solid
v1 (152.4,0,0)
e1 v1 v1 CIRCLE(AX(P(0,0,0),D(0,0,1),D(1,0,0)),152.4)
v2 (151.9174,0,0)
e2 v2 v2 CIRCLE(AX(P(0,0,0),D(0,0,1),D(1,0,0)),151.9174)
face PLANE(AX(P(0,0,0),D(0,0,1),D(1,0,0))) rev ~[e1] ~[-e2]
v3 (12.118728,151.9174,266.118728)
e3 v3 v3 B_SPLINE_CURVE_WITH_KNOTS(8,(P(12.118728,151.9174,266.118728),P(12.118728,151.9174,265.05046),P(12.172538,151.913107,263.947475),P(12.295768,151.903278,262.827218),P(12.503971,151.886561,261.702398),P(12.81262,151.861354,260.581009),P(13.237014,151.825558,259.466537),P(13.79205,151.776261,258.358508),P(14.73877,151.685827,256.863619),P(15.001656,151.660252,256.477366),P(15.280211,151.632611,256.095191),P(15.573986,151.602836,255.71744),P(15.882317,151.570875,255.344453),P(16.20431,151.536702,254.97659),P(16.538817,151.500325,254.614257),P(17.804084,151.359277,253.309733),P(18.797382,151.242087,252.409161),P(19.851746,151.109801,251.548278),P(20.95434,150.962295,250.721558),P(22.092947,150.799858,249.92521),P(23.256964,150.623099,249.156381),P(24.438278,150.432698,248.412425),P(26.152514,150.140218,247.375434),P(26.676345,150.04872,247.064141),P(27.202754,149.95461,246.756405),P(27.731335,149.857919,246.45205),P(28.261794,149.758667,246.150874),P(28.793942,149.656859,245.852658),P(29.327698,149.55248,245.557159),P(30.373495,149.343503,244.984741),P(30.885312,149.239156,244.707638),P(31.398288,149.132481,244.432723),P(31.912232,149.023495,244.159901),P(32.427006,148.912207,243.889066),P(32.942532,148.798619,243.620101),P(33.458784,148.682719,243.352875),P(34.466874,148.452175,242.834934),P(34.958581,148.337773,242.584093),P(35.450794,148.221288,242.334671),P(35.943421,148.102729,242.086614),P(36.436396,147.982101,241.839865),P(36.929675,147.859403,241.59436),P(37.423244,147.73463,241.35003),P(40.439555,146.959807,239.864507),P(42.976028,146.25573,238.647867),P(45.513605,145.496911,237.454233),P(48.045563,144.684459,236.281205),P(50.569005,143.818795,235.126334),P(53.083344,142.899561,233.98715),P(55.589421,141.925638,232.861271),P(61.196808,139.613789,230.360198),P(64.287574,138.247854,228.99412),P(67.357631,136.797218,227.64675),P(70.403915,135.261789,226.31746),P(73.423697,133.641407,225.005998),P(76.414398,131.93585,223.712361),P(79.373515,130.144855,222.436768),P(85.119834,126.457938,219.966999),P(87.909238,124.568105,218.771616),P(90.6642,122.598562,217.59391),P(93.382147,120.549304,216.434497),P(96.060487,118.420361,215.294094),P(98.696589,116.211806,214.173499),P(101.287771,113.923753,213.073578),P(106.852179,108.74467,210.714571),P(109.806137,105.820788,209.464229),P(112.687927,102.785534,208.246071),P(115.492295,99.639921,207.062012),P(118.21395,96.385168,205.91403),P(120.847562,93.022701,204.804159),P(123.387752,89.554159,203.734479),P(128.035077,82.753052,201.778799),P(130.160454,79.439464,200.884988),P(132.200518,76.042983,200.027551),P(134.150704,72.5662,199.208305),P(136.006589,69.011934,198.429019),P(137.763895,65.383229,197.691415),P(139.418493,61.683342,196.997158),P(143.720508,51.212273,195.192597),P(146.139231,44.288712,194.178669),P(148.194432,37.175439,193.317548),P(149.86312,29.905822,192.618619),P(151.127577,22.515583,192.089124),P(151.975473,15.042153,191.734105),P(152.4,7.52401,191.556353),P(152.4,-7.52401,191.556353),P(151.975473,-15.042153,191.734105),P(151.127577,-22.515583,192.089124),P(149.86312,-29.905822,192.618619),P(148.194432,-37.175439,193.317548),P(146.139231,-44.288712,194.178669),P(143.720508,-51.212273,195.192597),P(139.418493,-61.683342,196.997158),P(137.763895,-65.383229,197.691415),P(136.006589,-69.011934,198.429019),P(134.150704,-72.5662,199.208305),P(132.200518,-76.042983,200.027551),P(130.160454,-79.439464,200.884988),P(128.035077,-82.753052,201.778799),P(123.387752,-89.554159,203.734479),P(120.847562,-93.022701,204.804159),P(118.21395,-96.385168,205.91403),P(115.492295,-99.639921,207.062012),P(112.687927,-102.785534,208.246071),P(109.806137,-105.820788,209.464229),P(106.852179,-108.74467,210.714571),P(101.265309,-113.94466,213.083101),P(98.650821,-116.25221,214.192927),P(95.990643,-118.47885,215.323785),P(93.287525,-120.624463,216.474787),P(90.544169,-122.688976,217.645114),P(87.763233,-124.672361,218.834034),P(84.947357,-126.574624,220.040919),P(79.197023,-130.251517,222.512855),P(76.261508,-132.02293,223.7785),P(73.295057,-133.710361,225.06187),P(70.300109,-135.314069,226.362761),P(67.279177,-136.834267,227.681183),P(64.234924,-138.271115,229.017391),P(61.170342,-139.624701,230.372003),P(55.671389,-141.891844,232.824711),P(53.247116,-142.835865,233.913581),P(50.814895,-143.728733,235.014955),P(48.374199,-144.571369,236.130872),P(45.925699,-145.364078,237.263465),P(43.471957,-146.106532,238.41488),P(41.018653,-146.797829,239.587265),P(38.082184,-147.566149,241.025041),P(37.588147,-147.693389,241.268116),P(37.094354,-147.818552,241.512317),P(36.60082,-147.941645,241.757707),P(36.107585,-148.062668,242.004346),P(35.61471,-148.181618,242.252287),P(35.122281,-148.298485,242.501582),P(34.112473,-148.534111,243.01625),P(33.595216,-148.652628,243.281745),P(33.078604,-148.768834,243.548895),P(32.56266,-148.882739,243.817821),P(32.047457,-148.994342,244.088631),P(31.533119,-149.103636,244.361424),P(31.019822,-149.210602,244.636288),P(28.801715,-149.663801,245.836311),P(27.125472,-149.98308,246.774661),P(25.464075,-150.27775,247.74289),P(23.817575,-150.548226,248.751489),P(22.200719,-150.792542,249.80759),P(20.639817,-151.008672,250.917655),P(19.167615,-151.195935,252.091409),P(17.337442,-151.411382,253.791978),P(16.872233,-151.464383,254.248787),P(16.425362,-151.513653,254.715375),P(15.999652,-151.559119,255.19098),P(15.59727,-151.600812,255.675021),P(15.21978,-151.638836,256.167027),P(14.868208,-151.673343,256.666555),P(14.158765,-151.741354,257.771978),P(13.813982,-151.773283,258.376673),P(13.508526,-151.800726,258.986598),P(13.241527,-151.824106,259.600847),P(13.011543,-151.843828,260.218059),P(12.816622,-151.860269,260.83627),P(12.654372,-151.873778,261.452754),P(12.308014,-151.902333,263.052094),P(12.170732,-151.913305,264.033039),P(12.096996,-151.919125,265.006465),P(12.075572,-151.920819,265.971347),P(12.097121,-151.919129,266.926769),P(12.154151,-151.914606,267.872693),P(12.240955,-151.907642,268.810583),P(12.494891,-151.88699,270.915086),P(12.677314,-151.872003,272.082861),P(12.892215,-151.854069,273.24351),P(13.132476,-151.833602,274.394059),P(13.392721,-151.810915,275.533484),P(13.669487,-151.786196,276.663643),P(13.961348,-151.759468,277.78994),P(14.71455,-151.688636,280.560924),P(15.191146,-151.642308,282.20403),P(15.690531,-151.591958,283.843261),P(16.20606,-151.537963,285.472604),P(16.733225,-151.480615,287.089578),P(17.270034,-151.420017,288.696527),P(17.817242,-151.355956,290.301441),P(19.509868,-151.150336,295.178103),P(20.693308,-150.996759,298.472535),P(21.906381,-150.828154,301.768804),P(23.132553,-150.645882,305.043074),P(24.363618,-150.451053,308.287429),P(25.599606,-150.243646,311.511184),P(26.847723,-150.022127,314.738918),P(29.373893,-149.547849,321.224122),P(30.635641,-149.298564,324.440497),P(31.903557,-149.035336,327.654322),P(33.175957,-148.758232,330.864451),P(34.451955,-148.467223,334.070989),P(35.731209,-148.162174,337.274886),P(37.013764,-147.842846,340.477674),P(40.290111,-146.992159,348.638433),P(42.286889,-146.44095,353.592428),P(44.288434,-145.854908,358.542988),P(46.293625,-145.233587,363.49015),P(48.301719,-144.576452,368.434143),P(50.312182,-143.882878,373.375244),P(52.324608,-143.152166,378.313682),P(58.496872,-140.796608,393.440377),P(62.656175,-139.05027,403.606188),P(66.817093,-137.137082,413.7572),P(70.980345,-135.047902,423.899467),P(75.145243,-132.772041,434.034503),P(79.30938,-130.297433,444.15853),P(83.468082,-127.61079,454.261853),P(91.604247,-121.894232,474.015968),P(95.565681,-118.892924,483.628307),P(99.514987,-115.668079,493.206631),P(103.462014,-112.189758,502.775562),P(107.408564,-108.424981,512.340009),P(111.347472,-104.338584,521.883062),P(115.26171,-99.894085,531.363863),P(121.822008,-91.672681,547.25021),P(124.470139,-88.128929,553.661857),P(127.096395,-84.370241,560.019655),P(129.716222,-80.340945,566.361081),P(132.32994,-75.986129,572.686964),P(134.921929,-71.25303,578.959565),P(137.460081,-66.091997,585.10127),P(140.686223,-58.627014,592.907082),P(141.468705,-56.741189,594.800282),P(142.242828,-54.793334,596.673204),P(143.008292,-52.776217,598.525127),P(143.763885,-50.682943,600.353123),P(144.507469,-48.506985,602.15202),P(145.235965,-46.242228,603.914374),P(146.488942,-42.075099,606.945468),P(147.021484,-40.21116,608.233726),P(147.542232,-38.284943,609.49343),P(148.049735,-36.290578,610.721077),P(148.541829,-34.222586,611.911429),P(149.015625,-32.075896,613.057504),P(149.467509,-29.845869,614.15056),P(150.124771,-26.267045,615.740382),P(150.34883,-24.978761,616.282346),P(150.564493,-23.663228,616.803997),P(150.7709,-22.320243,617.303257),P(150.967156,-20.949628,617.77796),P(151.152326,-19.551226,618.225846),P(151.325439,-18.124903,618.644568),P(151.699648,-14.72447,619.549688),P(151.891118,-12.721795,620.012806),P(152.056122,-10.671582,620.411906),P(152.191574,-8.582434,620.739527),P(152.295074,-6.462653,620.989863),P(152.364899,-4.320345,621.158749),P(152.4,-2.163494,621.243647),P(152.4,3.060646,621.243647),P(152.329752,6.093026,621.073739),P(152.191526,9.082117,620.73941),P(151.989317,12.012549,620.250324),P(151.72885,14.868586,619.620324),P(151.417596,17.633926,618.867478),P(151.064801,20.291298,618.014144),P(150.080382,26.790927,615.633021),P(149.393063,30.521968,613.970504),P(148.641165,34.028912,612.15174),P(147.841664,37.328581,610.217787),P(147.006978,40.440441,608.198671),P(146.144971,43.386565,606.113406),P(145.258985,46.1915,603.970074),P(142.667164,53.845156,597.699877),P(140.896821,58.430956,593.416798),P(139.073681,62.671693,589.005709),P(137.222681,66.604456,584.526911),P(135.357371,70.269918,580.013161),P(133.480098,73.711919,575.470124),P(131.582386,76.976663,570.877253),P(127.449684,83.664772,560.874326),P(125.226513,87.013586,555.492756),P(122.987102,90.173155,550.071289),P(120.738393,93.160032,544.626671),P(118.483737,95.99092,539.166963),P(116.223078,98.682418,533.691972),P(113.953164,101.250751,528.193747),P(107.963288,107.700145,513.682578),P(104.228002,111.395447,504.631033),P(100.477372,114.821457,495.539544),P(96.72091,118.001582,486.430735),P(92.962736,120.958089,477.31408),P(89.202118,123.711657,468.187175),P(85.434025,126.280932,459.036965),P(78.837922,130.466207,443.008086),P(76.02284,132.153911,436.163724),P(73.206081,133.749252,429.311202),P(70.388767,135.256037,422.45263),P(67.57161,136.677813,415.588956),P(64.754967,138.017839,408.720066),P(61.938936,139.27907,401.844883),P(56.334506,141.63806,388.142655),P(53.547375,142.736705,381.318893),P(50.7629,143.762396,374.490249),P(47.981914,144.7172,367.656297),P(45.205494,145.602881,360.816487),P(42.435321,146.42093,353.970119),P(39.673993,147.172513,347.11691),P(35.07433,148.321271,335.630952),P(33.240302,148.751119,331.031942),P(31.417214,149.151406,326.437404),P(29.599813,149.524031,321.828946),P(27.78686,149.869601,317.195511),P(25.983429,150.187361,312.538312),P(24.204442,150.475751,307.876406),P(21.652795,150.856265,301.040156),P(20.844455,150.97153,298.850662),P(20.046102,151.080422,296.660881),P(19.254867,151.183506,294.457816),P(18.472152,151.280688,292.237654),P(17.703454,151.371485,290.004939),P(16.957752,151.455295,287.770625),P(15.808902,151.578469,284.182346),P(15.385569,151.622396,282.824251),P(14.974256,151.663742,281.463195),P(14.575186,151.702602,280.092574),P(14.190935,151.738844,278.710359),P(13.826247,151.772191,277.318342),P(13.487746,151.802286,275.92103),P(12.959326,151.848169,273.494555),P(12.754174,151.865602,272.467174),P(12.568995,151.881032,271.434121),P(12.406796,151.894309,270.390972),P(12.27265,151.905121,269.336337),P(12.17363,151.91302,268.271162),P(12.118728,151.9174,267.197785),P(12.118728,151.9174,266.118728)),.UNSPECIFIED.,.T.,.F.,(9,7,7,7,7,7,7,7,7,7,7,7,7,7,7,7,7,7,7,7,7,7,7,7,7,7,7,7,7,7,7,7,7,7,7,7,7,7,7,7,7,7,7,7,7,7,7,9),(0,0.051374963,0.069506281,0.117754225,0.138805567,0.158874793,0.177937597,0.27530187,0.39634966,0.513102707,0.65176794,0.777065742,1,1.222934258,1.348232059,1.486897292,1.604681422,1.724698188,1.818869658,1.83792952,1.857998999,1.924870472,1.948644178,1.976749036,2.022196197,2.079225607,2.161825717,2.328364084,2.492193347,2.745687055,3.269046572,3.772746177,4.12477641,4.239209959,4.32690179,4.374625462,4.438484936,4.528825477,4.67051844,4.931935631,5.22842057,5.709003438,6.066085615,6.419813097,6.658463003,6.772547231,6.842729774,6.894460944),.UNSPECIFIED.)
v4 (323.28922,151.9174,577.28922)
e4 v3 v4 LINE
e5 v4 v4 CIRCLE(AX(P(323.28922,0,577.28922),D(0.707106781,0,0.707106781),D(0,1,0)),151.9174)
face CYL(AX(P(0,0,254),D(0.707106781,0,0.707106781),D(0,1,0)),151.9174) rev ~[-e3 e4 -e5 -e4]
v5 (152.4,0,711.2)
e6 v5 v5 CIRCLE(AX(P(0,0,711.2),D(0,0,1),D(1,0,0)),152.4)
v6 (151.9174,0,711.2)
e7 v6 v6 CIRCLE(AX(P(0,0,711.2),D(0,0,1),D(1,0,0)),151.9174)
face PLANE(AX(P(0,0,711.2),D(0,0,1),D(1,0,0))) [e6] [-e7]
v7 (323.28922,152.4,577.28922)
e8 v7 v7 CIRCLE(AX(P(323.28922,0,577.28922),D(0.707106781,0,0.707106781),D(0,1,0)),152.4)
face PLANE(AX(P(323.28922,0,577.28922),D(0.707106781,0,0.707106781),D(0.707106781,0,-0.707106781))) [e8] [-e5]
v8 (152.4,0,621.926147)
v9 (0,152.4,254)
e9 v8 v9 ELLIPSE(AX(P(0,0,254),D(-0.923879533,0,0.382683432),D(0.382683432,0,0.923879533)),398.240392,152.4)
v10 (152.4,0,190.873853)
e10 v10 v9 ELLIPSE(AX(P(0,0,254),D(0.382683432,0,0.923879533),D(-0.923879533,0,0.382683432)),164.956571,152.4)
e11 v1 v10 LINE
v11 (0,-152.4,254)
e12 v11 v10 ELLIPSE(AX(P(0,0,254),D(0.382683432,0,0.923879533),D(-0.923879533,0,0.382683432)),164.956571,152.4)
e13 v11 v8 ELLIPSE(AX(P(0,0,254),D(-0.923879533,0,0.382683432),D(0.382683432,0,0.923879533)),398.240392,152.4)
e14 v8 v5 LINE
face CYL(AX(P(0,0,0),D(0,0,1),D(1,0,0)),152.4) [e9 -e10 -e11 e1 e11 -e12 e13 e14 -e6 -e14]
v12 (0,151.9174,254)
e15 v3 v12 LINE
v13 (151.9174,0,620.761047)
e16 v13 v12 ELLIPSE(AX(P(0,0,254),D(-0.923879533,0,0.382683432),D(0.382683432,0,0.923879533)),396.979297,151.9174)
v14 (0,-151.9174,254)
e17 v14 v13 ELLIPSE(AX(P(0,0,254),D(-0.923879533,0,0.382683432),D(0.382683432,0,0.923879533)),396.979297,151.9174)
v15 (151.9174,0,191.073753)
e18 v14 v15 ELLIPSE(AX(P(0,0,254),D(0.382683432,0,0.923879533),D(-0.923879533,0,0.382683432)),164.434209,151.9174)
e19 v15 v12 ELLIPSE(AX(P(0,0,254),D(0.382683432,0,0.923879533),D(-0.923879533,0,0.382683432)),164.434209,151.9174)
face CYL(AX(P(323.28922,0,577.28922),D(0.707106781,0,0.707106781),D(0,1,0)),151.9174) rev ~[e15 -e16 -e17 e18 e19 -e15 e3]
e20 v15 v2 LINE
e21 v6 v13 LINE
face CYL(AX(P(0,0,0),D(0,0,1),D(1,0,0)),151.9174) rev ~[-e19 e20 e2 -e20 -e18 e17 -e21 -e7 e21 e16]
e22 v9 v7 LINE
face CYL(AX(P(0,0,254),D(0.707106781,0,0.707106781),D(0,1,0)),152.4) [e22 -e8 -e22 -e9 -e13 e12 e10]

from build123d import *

# Parameters (mm, degrees)
F2_R     = 152.4
F2_R_2   = 151.9174
F5_R     = 152.4
F5_R_2   = 151.9174
F7_DEPTH = 711.2010001
F8_DEPTH = 457.2


with BuildPart() as f3:
    # F3: sweep along a path in F0
    with BuildLine(Plane.XZ) as f3_path:
        Line((0, 0), (0, 711.2))
    # F2 (on line) → F3 (sweep)
    with BuildSketch(Plane.XY):
        Circle(F2_R)
        Circle(F2_R_2, mode=Mode.SUBTRACT)
    sweep(path=f3_path.line)

    # F6: sweep along a path in F0
    with BuildLine(Plane.XZ) as f6_path:
        Line((0, 254), (323.2892203585, 577.2892203585))
    # F5 (on line) → F6 (sweep)
    with BuildSketch(Plane(origin=(450.2892203585, 0, 450.2892203585), x_dir=(0, 1, 0), z_dir=(0.7071067812, 0, 0.7071067812))):
        with Locations((0, 179.6051224214)):
            Circle(F5_R)
        with Locations((0, 179.6051224214)):
            Circle(F5_R_2, mode=Mode.SUBTRACT)
    sweep(path=f6_path.line)

    # F2 (on line) → F7 (cut, through all)
    with BuildSketch(Plane.XY):
        Circle(F2_R_2)
    extrude(amount=F7_DEPTH, mode=Mode.SUBTRACT)

    # F5 (on line) → F8 (cut)
    with BuildSketch(Plane(origin=(450.2892203585, 0, 450.2892203585), x_dir=(0, 1, 0), z_dir=(0.7071067812, 0, 0.7071067812))):
        with Locations((0, 179.6051224214)):
            Circle(F5_R_2)
    extrude(amount=-F8_DEPTH, mode=Mode.SUBTRACT)


solid = f3.part
